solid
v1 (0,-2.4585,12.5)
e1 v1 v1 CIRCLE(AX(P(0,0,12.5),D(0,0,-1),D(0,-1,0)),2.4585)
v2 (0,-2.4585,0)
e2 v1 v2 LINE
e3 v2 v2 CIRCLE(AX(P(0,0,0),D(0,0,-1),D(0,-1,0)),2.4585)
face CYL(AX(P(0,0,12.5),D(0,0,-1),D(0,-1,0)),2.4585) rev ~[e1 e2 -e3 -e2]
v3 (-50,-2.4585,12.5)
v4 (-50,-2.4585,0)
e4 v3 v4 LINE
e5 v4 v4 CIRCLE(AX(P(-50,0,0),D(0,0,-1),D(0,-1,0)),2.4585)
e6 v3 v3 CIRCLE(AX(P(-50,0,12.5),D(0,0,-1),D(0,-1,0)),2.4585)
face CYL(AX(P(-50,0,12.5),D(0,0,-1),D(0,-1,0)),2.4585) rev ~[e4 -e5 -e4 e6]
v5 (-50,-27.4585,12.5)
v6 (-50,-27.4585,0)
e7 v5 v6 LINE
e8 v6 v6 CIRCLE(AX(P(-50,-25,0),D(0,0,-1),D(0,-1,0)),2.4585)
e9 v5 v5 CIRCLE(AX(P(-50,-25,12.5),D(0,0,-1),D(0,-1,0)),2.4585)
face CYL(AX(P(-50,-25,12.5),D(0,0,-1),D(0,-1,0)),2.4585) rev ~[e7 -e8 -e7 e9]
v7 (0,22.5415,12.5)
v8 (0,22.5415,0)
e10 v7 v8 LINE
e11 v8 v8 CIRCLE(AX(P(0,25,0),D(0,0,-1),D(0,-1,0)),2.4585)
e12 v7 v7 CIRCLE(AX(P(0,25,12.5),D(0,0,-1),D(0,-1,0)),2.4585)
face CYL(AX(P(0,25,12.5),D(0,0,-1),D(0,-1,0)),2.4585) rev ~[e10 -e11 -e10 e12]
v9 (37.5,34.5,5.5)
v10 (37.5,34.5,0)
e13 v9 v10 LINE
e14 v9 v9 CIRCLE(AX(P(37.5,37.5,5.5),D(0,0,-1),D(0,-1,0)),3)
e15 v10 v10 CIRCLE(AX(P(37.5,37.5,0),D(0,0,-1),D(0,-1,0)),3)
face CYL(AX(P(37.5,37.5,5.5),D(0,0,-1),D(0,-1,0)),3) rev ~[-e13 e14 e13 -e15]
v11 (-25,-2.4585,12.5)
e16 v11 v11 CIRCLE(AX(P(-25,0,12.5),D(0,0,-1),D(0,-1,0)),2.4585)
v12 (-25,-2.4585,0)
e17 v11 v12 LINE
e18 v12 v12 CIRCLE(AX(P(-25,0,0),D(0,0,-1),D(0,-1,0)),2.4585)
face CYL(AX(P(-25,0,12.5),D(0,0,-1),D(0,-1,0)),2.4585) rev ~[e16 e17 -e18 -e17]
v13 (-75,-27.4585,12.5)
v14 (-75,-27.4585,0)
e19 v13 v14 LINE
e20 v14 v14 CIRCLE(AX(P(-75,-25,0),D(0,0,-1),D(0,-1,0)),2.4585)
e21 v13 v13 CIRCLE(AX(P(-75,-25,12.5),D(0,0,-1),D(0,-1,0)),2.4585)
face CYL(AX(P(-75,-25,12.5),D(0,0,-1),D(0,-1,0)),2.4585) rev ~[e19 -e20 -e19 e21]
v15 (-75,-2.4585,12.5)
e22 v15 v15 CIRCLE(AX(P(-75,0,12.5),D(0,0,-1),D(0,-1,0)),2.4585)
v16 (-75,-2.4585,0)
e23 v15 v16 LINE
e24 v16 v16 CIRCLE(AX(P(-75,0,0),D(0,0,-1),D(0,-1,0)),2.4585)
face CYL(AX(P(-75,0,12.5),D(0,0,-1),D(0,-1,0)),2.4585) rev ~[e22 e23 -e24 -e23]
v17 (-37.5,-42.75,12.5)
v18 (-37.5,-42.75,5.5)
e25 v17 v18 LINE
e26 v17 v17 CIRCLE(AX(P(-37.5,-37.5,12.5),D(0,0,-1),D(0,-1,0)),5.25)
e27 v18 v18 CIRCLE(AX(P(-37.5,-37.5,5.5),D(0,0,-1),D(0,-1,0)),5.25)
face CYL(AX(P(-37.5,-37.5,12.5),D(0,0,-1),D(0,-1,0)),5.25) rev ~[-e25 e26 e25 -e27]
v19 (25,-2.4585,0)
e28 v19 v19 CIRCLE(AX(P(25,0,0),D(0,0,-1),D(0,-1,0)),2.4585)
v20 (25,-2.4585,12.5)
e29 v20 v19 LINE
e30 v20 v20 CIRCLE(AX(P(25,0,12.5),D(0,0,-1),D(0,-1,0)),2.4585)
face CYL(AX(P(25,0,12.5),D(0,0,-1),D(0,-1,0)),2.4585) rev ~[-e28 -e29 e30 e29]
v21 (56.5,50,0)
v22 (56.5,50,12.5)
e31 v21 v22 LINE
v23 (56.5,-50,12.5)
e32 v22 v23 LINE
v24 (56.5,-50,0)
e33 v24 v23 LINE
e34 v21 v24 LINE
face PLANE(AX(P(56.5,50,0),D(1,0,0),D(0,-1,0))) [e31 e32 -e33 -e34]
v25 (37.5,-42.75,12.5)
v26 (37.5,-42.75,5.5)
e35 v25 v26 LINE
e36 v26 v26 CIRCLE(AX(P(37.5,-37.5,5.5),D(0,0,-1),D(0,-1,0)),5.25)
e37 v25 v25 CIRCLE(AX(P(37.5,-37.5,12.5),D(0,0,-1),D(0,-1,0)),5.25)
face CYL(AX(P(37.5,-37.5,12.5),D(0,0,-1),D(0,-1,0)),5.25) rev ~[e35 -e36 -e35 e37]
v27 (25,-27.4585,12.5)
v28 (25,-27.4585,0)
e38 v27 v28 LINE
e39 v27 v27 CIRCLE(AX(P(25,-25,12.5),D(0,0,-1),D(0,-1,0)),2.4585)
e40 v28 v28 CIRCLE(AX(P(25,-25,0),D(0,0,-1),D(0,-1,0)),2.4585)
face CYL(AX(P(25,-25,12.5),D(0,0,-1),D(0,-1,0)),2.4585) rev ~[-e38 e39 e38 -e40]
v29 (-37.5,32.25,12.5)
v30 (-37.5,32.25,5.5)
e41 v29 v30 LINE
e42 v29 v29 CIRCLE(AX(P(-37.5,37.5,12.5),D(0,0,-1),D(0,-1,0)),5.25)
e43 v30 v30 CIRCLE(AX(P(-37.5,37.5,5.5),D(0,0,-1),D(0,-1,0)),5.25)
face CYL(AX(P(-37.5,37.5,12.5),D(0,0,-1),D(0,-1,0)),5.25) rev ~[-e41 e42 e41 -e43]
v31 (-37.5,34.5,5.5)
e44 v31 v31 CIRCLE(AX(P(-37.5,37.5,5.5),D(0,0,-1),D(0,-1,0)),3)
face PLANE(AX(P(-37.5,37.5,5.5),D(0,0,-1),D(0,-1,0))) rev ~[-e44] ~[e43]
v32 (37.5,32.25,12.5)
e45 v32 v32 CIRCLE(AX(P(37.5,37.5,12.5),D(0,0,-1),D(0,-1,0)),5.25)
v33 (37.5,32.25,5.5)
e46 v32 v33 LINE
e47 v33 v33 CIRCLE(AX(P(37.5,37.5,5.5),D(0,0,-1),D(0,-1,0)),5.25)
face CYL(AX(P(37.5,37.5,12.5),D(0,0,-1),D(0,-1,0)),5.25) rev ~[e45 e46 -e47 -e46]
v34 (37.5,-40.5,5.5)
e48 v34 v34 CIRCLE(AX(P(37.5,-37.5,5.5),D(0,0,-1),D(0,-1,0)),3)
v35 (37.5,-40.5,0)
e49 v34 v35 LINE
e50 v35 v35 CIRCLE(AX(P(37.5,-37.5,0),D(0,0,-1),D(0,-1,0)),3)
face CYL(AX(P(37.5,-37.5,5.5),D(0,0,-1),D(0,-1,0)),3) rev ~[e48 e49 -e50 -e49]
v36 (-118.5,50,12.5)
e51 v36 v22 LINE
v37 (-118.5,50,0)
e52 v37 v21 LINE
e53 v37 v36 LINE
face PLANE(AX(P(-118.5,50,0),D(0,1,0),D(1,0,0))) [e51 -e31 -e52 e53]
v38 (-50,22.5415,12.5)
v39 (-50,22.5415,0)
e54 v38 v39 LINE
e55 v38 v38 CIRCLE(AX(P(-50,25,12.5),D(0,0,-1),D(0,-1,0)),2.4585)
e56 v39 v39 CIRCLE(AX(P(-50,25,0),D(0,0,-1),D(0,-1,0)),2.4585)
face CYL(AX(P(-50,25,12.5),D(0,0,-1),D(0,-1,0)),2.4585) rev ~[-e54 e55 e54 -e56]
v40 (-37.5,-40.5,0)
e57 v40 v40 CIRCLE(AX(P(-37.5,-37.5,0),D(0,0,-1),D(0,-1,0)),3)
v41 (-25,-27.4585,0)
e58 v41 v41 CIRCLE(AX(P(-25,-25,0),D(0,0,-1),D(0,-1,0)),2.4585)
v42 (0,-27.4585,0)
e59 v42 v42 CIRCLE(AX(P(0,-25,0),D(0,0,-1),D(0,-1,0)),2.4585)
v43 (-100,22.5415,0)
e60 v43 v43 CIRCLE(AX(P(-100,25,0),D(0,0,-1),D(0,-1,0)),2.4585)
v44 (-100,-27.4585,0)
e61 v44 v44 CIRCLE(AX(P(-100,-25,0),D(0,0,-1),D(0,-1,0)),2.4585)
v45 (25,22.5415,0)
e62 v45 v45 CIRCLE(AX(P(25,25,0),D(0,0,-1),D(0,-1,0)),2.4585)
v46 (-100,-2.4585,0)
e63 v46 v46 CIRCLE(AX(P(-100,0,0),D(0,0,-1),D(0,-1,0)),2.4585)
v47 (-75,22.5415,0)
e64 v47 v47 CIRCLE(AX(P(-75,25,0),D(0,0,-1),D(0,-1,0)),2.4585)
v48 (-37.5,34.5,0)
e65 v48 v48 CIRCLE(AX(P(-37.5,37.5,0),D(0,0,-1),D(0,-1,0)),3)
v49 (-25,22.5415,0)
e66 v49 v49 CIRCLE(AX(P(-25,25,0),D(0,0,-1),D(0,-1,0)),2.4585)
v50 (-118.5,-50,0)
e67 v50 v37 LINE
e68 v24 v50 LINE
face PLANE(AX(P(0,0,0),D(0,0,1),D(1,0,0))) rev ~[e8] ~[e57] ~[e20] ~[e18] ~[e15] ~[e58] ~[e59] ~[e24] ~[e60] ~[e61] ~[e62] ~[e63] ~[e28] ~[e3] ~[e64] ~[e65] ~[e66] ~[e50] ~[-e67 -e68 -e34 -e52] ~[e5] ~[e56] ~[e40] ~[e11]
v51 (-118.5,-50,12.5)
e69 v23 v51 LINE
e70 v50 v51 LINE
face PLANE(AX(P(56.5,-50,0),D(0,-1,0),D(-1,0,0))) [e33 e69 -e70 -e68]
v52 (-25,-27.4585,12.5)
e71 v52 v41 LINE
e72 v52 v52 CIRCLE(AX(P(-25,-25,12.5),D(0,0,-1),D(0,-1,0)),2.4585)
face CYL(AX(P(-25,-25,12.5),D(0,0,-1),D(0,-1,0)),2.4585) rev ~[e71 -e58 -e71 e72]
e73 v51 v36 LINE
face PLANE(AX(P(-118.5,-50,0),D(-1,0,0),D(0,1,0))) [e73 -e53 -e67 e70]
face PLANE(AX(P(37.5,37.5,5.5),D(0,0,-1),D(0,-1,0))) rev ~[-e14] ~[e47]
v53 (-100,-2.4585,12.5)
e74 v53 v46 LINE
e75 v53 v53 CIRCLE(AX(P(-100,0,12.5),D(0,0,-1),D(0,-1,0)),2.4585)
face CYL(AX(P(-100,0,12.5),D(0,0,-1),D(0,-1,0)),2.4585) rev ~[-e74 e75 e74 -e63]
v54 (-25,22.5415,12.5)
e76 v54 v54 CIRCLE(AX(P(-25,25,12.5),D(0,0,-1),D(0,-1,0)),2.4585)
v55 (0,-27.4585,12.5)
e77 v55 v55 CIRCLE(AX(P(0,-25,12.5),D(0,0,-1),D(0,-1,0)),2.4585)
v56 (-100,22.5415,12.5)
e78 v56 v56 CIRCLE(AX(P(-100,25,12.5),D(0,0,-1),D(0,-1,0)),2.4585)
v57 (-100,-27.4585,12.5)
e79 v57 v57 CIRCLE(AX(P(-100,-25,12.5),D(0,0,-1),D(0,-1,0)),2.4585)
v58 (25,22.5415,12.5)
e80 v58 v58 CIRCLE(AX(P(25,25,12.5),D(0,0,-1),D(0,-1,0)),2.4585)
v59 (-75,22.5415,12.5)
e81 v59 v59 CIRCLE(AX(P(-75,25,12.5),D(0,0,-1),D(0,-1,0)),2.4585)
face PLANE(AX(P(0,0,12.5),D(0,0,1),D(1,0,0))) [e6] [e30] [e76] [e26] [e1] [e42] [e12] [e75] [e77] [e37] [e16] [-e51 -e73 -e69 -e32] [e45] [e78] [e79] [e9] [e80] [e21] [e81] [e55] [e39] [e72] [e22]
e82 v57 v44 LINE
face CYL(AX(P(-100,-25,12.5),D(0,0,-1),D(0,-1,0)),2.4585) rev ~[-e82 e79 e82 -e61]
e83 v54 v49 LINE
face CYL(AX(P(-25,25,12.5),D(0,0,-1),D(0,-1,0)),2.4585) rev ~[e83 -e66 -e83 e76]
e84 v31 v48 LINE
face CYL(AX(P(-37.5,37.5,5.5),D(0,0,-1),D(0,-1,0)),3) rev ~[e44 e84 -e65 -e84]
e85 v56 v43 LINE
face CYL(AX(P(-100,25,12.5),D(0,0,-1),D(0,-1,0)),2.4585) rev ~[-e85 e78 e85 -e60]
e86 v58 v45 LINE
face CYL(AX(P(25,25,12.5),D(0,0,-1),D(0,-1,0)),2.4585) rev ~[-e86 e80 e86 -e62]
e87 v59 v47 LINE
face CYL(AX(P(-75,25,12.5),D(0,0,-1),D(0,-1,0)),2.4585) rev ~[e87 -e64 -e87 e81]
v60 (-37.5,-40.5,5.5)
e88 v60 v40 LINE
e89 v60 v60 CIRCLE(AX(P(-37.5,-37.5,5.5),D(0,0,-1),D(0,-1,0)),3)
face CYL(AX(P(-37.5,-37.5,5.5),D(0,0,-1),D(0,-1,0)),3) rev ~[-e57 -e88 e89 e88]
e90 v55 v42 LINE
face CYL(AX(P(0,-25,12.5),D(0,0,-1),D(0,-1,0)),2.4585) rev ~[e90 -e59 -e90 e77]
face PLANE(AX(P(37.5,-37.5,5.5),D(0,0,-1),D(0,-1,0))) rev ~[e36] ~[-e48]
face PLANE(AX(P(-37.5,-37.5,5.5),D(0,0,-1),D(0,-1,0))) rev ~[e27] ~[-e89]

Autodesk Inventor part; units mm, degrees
ref_plane "YZ Plane" through (0, 0, 0) normal (1, 0, 0) x (0, 1, 0)
ref_plane "XZ Plane" through (0, 0, 0) normal (0, 1, 0) x (-1, 0, 0)
ref_plane "XY Plane" through (0, 0, 0) normal (0, 0, 1) x (1, 0, 0)
sketch "Sketch1" plane through (0, 0, 0) normal (0, 0, 1) x (1, 0, 0)
  line L0 (0, 70) -> (0, -70) construction
  line L1 (-153.5, 0) -> (91.5, 0) construction
  line L2 (-118.5, 50) -> (56.5, 50)
  line L3 (56.5, 50) -> (56.5, -50)
  line L4 (56.5, -50) -> (-118.5, -50)
  line L5 (-118.5, -50) -> (-118.5, 50)
  point P0 (0, 0)
  dimension "d0" = 100
  dimension "d1" = 56.5
  dimension "d2" = 175
extrude "Extrusion1" add sketch "Sketch1" along normal blind 12.5
sketch "Sketch2" plane through (0, 0, 12.5) normal (0, 0, 1) x (1, 0, 0)
  line L0 (56.5, 50) -> (-118.5, 50) construction
  line L1 (-118.5, 50) -> (-118.5, -50) construction
  line L2 (-118.5, -50) -> (56.5, -50) construction
  line L3 (56.5, -50) -> (56.5, 50) construction
  line L4 (0, 70) -> (0, -70) construction
  line L5 (-153.5, 0) -> (91.5, 0) construction
  line L6 (-37.5, 37.5) -> (37.5, 37.5) construction
  line L7 (37.5, 37.5) -> (37.5, -37.5) construction
  line L8 (37.5, -37.5) -> (-37.5, -37.5) construction
  line L9 (-37.5, -37.5) -> (-37.5, 37.5) construction
  point P0 (0, 0)
  dimension "d5" = 75
  dimension "d6" = 75
hole "Hole1" at (-37.5, 37.5, 12.5) at (-37.5, -37.5, 12.5) at (37.5, -37.5, 12.5) at (37.5, 37.5, 12.5) direction (0, 0, -1) diameter 6 end through all counterbore diameter 10.5 counterbore depth 7
sketch "Sketch3" plane through (0, 0, 12.5) normal (0, 0, 1) x (1, 0, 0)
  circle A0 centre (-37.5, -37.5) radius 5.25 construction
  circle A1 centre (-37.5, 37.5) radius 5.25 construction
  circle A2 centre (37.5, -37.5) radius 5.25 construction
  line L0 (56.5, 50) -> (-118.5, 50) construction
  line L1 (-118.5, 50) -> (-118.5, -50) construction
  line L2 (-118.5, -50) -> (56.5, -50) construction
  line L3 (56.5, -50) -> (56.5, 50) construction
  line L4 (-153.5, 0) -> (91.5, 0) construction
  line L5 (0, 70) -> (0, -70) construction
  point P0 (0, 0)
  point P1 (25, 25)
  point P2 (0, 25)
  point P3 (-25, 25)
  point P4 (-50, 25)
  point P5 (-75, 25)
  point P6 (-100, 25)
  point P7 (25, 0)
  point P8 (0, 0)
  point P9 (-25, 0)
  point P10 (-50, 0)
  point P11 (-75, 0)
  point P12 (-100, 0)
  point P13 (25, -25)
  point P14 (0, -25)
  point P15 (-25, -25)
  point P16 (-50, -25)
  point P17 (-75, -25)
  point P18 (-100, -25)
  dimension "d14" = 25
  dimension "d15" = 25
  dimension "d18" = 25
  dimension "d21" = 25
hole "Hole2" at (0, 0, 12.5) at (25, 25, 12.5) at (0, 25, 12.5) at (-25, 25, 12.5) at (-50, 25, 12.5) at (-75, 25, 12.5) at (-100, 25, 12.5) at (25, 0, 12.5) at (-25, 0, 12.5) at (-50, 0, 12.5) at (-75, 0, 12.5) at (-100, 0, 12.5) at (25, -25, 12.5) at (0, -25, 12.5) at (-25, -25, 12.5) at (-50, -25, 12.5) at (-75, -25, 12.5) at (-100, -25, 12.5) direction (0, 0, -1) diameter 4.917 end through all thread size "M6x1" class "6H" standard "ANSI Metric M Profile"
properties part number "M605-to-X95-adapter-V1"
